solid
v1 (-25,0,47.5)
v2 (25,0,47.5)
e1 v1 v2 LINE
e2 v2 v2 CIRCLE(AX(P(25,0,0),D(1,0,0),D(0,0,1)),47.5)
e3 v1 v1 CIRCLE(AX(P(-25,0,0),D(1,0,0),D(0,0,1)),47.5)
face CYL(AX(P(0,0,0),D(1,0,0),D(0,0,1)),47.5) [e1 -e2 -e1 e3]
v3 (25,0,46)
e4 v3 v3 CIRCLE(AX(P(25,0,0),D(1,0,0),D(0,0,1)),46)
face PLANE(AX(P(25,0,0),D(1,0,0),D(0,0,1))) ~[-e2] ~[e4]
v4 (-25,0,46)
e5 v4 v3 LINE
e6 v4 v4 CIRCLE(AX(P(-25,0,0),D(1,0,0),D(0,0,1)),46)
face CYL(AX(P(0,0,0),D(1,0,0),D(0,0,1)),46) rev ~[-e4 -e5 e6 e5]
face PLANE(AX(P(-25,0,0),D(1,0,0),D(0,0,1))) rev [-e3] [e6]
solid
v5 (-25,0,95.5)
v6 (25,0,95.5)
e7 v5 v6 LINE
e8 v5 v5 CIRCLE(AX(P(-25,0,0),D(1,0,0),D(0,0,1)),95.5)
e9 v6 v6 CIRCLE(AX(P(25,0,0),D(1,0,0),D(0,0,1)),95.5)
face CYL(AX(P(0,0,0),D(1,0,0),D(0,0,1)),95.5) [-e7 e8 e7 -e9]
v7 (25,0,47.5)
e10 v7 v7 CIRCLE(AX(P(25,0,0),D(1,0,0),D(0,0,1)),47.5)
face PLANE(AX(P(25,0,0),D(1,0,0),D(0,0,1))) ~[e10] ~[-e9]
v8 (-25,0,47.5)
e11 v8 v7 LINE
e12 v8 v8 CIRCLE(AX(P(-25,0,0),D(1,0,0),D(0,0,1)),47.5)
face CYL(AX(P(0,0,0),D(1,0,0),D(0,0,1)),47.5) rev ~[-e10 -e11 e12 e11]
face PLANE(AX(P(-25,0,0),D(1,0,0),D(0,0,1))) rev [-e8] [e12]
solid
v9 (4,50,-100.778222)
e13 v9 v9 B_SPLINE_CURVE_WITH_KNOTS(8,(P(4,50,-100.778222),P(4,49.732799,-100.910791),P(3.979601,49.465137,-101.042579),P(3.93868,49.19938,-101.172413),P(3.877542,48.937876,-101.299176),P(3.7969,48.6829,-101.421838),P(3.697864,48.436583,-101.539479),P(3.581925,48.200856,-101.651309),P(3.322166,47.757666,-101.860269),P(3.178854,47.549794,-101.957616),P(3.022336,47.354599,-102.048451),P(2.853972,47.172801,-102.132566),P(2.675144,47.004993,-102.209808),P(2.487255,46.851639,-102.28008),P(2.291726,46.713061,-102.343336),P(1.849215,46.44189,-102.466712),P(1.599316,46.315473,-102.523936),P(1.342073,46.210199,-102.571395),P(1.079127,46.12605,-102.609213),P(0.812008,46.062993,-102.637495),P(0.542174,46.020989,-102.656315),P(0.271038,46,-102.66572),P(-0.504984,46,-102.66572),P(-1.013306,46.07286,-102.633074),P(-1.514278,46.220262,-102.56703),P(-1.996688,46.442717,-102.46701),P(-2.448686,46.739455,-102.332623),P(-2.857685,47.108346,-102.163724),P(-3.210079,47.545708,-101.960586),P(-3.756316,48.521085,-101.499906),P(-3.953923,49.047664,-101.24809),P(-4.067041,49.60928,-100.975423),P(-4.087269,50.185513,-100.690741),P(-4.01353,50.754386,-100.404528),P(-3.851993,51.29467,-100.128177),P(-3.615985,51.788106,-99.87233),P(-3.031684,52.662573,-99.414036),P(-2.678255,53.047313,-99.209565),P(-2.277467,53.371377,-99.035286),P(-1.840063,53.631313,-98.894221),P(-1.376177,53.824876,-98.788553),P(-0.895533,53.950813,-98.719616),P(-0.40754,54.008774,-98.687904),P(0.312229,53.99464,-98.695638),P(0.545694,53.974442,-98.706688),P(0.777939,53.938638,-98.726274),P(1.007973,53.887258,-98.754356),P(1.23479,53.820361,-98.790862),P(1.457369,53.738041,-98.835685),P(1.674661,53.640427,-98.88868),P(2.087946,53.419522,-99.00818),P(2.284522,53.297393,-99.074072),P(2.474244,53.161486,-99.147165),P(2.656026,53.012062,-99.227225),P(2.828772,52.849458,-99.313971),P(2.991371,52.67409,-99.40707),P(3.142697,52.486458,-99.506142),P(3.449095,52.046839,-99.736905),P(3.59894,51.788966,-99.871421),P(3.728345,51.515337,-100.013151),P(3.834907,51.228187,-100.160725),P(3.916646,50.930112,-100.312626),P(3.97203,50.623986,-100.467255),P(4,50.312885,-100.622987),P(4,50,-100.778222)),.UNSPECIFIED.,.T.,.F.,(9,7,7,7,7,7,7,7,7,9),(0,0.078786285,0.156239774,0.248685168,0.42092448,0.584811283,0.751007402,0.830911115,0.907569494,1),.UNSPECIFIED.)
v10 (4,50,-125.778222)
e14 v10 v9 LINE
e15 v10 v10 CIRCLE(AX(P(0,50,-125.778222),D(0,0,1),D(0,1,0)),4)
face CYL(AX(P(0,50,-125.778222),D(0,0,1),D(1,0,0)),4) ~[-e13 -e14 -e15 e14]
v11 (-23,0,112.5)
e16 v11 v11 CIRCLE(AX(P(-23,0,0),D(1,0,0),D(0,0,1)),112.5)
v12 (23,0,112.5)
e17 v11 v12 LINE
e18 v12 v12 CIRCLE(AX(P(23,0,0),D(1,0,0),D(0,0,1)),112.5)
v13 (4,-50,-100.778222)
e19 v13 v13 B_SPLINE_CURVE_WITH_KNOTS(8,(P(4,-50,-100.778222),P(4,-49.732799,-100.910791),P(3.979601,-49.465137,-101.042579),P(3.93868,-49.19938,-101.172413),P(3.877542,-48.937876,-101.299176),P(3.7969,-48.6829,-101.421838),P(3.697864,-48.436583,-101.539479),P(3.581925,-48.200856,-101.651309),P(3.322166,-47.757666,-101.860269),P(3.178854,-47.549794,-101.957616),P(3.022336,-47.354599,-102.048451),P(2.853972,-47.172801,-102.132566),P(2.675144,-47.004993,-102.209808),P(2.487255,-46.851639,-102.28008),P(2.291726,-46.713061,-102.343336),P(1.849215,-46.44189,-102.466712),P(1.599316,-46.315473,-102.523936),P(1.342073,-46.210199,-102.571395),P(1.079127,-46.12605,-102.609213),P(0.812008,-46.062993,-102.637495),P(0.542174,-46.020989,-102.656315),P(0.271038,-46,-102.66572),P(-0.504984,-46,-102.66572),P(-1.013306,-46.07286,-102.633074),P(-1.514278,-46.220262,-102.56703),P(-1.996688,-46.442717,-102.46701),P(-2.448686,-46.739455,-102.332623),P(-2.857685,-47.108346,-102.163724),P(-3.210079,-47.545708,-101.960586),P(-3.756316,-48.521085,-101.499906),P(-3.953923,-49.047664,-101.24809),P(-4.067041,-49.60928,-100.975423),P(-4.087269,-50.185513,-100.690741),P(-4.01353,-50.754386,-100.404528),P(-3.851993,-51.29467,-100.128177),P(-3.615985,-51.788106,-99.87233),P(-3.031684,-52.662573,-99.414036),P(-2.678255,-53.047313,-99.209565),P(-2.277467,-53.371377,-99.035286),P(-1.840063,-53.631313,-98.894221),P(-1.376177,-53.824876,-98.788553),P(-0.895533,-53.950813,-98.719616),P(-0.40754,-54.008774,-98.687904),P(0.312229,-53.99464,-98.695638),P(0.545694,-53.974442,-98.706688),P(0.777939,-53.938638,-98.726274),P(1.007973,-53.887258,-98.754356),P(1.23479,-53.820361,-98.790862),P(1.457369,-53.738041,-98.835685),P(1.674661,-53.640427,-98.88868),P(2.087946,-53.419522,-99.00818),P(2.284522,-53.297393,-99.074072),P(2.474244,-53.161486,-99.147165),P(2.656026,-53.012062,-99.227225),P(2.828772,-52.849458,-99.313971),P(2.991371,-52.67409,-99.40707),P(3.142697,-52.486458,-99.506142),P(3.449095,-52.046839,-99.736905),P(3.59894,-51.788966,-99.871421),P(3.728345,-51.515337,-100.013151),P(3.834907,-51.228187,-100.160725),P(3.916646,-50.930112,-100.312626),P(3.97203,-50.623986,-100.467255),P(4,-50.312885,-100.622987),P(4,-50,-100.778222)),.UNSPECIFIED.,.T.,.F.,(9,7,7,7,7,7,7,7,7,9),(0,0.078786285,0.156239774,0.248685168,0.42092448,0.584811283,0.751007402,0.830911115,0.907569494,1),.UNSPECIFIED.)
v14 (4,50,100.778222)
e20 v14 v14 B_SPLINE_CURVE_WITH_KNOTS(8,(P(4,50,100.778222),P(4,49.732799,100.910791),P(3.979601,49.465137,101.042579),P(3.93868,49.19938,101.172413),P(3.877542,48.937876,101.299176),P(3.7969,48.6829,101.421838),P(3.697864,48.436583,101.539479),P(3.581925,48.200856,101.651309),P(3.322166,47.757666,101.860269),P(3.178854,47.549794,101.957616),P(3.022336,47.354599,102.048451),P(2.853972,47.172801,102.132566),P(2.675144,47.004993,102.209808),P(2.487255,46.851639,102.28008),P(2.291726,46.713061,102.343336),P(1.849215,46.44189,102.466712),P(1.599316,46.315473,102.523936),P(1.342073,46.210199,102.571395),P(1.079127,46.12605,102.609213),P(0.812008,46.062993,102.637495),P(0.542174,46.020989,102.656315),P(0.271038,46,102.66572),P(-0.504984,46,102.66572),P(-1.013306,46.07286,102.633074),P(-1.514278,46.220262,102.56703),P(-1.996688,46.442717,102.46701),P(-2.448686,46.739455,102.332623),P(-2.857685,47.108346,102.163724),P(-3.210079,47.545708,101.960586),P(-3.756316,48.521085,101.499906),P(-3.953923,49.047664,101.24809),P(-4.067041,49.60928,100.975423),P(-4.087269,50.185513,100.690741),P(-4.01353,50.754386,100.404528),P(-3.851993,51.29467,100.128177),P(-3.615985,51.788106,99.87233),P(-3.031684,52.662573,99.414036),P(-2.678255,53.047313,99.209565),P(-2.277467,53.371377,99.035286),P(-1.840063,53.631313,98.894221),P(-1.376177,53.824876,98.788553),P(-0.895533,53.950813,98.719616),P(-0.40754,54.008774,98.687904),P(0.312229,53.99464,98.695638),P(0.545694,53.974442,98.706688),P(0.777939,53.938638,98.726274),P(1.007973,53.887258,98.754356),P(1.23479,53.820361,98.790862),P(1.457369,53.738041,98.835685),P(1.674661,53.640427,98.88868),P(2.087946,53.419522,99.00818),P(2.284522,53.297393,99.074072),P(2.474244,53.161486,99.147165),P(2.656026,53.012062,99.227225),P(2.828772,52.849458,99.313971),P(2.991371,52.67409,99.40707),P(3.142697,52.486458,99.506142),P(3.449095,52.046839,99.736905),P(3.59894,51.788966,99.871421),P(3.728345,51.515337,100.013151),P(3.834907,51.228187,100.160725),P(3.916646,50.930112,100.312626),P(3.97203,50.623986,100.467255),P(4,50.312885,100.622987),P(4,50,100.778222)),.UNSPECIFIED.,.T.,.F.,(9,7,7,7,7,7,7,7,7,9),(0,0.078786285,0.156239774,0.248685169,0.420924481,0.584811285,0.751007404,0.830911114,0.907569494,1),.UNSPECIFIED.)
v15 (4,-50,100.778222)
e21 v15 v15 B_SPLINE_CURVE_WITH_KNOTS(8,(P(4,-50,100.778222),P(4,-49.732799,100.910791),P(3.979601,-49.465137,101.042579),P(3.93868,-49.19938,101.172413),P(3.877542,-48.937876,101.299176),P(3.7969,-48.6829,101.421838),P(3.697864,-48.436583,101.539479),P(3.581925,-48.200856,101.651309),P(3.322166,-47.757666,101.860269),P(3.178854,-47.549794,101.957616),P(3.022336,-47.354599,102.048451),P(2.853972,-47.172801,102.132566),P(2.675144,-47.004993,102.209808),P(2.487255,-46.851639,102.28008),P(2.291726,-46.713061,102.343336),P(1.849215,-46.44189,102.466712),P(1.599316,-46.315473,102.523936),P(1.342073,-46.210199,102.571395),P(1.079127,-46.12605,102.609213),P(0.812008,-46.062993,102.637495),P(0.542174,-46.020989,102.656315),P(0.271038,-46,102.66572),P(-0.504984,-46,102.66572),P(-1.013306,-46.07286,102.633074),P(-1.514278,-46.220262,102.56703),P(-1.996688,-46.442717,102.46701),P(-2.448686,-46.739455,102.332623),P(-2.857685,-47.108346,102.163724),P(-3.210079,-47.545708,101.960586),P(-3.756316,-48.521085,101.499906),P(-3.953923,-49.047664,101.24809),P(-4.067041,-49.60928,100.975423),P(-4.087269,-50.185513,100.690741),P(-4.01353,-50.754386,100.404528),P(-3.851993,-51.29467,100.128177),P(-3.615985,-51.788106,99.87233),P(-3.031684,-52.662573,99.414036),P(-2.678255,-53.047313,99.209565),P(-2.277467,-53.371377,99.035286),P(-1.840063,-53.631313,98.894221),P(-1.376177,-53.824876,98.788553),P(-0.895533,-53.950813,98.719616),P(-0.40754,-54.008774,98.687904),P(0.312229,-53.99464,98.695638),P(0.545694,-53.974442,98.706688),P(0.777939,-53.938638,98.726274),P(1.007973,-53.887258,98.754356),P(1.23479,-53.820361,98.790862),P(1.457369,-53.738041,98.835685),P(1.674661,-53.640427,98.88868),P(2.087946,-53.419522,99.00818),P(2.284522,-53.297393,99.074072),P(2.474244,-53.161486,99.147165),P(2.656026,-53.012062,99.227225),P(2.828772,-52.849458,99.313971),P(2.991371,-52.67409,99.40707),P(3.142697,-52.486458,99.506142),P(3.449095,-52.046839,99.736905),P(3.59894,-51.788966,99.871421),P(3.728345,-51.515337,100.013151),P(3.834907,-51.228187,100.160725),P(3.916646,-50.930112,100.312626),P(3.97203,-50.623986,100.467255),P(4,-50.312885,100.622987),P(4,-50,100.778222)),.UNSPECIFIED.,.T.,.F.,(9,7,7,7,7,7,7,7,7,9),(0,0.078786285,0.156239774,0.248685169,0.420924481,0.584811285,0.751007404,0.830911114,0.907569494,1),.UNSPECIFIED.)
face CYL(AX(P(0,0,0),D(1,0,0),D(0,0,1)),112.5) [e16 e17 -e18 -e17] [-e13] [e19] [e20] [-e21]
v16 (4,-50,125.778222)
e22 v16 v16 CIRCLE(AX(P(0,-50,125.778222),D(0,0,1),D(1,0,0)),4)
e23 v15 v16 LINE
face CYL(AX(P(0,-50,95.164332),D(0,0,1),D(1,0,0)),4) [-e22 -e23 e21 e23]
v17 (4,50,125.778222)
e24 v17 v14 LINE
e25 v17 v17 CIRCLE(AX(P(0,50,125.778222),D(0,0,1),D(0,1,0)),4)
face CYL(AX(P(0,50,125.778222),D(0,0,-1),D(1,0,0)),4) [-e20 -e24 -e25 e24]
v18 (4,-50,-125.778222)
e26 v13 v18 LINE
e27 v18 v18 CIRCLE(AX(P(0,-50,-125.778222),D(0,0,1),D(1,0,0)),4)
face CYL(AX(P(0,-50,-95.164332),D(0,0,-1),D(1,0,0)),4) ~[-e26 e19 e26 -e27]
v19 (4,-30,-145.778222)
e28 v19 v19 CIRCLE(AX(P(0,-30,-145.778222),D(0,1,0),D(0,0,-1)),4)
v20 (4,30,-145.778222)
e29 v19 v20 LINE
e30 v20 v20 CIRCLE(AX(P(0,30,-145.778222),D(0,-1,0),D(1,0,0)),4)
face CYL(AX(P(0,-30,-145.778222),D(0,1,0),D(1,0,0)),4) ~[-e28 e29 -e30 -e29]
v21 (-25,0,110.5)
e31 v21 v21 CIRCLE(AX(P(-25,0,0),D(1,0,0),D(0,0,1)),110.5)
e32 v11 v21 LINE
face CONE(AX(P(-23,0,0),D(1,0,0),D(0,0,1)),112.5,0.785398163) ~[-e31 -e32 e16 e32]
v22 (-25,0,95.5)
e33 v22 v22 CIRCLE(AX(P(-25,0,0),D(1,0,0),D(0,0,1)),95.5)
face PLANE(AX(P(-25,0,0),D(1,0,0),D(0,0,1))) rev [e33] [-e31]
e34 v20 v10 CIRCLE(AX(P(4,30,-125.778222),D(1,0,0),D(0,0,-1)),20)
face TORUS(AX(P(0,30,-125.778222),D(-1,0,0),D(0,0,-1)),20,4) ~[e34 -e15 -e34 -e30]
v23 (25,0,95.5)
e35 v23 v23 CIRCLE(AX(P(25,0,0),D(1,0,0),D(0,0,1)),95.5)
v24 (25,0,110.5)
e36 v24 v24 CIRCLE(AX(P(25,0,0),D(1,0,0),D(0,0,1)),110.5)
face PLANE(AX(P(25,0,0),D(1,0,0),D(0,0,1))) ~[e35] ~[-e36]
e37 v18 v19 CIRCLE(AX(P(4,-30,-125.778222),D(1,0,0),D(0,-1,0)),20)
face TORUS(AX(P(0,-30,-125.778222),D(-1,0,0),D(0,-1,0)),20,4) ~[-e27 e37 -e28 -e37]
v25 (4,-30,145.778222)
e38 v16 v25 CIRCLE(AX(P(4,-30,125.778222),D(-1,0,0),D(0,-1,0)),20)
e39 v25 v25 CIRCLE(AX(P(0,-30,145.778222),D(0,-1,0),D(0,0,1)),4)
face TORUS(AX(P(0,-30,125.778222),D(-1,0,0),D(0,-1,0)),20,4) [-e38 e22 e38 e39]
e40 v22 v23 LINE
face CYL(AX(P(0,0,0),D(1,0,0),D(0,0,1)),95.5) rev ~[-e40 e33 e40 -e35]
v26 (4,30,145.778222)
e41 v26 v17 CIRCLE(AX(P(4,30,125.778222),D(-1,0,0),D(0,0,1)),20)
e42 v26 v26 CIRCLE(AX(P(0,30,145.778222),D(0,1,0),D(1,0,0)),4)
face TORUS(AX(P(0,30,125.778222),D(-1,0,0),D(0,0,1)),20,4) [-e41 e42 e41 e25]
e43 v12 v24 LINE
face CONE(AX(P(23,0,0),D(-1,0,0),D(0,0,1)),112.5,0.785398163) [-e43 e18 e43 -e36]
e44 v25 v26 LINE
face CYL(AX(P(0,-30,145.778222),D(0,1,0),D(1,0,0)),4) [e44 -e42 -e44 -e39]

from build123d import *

# Parameters (mm, degrees)
F0_W     = 50
F0_H     = 1.5
F2_W     = 50
F2_H     = 48
F4_W     = 50
F4_H     = 17
F8_R     = 4
F11_SIZE = 2


with BuildPart() as f1:
    # F0 (on Front) → F1 (revolve)
    with BuildSketch(Plane.XZ):
        with Locations((0, 46.75)):
            Rectangle(F0_W, F0_H)
    revolve(axis=Axis((0, 0, 0), (1, 0, 0)))


with BuildPart() as f3:
    # F2 (on Front) → F3 (revolve)
    with BuildSketch(Plane.XZ):
        with Locations((0, 71.5)):
            Rectangle(F2_W, F2_H)
    revolve(axis=Axis((0, 0, 0), (1, 0, 0)))


with BuildPart() as f5:
    # F4 (on Front) → F5 (revolve)
    with BuildSketch(Plane.XZ):
        with Locations((0, 104)):
            Rectangle(F4_W, F4_H)
    revolve(axis=Axis((0, 0, 0), (1, 0, 0)))



with BuildPart() as f9:
    # F9: sweep along a path in F6
    with BuildLine(Plane.YZ) as f9_path:
        Line((-50, 95.1643315534), (-50, 125.7782218537))
        ThreePointArc((-50, 125.7782218537), (-44.1421356237, 139.9203574775), (-30, 145.7782218537))
        Line((-30, 145.7782218537), (30, 145.7782218537))
        ThreePointArc((30, 145.7782218537), (44.1421356237, 139.9203574775), (50, 125.7782218537))
        Line((50, 125.7782218537), (50, 95.1643315534))
    # F8 (on plane+point) → F9 (sweep)
    with BuildSketch(Plane.XY.offset(95.1643315534)):
        with Locations((0, -50)):
            Circle(F8_R)
    sweep(path=f9_path.line)


with BuildPart() as f5_1:
    add(f5.part)

    add(f9.part)  # F10 merges F9
    # F10: F9 across plane
    add(f9.part.mirror(Plane.XY))

    # F11
    f11_edges = [f5_1.edges().sort_by_distance(p)[0] for p in [
        (25, 0, -112.5),
        (-25, 0, -112.5),
    ]]
    chamfer(f11_edges, length=F11_SIZE)


solid = Compound([f1.part, f3.part, f5_1.part])
